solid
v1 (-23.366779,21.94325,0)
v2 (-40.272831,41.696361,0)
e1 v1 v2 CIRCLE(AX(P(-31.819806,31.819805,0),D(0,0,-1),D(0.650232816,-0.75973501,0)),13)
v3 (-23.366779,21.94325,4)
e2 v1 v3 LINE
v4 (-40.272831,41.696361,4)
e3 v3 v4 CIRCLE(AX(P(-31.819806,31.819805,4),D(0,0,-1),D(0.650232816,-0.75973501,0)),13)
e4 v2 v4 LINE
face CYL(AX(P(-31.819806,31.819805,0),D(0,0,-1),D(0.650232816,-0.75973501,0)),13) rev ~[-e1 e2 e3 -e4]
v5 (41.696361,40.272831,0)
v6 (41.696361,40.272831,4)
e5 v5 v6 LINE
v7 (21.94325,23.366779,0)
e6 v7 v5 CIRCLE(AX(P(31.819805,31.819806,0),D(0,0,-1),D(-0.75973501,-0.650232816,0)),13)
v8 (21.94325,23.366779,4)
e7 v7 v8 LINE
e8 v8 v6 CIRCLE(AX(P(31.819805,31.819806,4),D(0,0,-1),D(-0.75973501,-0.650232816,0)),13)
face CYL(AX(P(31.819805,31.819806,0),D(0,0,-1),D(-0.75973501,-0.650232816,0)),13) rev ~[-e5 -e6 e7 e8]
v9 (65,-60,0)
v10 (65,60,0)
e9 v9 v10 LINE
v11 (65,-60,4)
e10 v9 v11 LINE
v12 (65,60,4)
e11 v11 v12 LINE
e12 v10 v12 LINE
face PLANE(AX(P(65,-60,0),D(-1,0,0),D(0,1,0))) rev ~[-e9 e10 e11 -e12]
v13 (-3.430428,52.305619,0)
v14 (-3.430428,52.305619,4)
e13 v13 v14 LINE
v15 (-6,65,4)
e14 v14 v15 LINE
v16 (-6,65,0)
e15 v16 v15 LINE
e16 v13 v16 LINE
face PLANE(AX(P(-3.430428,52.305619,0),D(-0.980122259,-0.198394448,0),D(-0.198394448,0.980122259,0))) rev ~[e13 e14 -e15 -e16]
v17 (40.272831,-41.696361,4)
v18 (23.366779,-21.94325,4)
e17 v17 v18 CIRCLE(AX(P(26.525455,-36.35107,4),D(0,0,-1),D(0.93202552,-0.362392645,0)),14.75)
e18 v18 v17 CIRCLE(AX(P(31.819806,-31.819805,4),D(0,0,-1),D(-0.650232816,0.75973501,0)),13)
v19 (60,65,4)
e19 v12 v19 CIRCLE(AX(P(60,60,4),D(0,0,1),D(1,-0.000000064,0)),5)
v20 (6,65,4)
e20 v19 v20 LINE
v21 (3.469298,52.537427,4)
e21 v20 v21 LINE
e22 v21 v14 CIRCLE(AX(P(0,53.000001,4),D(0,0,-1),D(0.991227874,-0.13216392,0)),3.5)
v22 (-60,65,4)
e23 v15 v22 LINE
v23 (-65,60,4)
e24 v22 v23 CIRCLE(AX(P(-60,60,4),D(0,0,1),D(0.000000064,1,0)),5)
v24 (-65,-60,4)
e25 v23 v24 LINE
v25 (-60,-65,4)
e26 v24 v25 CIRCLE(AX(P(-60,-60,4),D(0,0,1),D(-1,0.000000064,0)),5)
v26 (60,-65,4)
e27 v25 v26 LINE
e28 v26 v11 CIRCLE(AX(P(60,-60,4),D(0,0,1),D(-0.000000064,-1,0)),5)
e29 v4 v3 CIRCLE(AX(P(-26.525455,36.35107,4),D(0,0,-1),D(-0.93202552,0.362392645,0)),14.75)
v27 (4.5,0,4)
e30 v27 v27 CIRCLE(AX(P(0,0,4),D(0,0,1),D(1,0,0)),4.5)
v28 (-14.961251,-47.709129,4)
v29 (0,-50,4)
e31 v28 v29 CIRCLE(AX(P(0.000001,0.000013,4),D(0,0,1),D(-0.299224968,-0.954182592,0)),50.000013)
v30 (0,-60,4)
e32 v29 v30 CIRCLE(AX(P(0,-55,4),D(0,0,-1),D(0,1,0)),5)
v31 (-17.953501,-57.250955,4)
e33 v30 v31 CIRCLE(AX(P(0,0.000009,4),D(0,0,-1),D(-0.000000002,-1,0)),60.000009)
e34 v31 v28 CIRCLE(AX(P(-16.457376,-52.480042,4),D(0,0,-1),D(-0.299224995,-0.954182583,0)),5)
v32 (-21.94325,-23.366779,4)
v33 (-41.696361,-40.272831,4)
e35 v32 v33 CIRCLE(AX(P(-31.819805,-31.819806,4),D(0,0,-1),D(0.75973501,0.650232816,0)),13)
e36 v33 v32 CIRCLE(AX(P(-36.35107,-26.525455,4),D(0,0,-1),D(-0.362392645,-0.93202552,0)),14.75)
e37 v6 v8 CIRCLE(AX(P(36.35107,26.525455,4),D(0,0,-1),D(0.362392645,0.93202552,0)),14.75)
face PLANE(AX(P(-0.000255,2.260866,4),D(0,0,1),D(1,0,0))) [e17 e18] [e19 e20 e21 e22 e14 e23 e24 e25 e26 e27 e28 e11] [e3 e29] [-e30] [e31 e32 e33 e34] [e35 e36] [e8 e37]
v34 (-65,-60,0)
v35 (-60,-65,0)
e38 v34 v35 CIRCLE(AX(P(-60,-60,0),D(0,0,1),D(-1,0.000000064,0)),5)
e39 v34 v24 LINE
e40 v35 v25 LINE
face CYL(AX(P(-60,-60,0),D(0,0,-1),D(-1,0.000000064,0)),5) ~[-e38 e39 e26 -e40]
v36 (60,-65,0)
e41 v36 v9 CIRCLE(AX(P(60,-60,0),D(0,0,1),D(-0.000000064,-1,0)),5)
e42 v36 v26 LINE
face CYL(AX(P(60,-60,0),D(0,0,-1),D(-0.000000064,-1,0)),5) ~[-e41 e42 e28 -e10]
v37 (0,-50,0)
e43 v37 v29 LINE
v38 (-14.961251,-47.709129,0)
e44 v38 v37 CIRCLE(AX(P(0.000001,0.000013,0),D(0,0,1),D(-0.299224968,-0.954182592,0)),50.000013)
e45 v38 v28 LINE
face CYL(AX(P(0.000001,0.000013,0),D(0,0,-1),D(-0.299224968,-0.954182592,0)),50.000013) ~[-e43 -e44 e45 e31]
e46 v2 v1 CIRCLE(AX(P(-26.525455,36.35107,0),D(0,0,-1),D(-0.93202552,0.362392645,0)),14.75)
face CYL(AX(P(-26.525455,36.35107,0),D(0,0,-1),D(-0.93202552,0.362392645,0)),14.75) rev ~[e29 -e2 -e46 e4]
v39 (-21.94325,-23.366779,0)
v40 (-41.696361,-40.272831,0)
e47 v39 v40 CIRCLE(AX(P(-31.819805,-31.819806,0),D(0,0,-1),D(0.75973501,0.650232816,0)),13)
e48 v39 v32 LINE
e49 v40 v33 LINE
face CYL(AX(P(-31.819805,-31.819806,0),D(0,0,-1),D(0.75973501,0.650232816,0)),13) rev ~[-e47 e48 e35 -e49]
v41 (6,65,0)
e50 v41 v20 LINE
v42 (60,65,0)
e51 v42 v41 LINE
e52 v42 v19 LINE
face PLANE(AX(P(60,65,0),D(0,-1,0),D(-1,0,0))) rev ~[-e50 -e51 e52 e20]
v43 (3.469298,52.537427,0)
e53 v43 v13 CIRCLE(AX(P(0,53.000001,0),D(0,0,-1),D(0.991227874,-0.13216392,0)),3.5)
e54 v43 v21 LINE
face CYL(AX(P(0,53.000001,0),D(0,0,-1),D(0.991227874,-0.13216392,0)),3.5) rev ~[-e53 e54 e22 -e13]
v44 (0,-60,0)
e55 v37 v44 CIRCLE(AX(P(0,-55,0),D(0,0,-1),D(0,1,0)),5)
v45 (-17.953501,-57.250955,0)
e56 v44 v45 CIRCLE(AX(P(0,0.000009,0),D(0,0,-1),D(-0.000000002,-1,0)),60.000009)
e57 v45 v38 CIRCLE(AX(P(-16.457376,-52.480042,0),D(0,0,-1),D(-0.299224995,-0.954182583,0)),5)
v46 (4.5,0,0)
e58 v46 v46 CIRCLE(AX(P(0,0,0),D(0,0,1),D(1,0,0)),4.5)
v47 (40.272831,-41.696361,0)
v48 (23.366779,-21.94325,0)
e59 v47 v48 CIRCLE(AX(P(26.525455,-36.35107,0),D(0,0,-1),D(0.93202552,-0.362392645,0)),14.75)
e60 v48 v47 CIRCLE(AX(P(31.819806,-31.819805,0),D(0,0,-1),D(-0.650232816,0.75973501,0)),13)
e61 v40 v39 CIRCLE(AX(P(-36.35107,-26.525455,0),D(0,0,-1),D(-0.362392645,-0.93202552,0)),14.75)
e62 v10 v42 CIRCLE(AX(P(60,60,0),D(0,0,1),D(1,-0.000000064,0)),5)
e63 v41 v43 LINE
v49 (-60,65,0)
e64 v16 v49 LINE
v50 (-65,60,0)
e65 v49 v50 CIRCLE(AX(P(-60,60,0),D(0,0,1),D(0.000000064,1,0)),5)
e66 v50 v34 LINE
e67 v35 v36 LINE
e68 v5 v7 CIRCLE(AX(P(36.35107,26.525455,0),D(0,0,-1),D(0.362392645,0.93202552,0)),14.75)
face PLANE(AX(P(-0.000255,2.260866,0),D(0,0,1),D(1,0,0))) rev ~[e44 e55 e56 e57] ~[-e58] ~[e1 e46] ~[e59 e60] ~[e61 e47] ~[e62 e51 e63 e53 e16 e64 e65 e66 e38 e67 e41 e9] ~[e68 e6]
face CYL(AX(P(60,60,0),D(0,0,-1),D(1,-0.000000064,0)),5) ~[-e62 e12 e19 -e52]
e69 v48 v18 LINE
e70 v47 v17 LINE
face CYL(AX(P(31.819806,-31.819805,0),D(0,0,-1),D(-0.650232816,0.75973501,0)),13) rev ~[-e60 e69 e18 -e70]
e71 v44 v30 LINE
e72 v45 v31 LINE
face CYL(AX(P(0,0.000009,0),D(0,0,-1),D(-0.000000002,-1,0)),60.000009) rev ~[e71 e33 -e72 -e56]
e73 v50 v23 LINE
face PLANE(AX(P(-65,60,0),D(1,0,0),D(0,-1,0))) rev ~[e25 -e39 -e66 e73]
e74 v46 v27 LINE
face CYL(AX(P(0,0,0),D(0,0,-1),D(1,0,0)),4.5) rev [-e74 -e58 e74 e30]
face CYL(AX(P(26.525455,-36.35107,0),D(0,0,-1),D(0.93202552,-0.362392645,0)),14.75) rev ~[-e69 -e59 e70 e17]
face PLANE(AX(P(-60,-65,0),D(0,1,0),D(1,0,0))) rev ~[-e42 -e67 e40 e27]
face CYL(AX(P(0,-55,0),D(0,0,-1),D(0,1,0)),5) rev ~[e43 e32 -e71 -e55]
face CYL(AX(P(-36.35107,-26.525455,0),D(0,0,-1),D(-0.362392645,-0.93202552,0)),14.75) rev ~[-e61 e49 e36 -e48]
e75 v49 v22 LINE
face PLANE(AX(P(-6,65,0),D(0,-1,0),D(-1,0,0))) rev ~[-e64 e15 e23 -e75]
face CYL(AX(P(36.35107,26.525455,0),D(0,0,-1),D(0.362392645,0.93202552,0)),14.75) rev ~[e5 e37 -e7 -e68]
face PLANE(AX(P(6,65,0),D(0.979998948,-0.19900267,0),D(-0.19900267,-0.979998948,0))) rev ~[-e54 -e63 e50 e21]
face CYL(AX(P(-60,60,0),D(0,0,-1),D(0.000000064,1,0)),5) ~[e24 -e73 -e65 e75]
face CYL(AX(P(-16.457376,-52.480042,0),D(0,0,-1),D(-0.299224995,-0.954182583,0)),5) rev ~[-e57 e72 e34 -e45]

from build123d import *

# Parameters (mm, degrees)
F0_R     = 4.5
F1_DEPTH = 4


with BuildPart() as f1:
    # F0 (on Top) → F1 (new body)
    with BuildSketch(Plane.XY):
        with BuildLine():
            Line((-6, 65), (-60, 65))
            ThreePointArc((-60, 65), (-63.535534, 63.535534), (-65, 60))
            Line((-65, 60), (-65, -60))
            ThreePointArc((-65, -60), (-63.535534, -63.535534), (-60, -65))
            Line((-60, -65), (60, -65))
            ThreePointArc((60, -65), (63.535534, -63.535534), (65, -60))
            Line((65, -60), (65, 60))
            ThreePointArc((65, 60), (63.535534, 63.535534), (60, 65))
            Line((60, 65), (6, 65))
            Line((6, 65), (3.469298, 52.537427))
            ThreePointArc((3.469298, 52.537427), (0.117522, 49.501974), (-3.430428, 52.305619))
            Line((-3.430428, 52.305619), (-6, 65))
        make_face()
        with BuildLine():
            ThreePointArc((0, -50), (5, -55), (0, -60))
            ThreePointArc((0, -60), (-9.081374, -59.308757), (-17.953501, -57.250955))
            ThreePointArc((-17.953501, -57.250955), (-21.228289, -50.983917), (-14.961251, -47.709129))
            ThreePointArc((-14.961251, -47.709129), (-7.567812, -49.423964), (0, -50))
        make_face(mode=Mode.SUBTRACT)
        with BuildLine():
            ThreePointArc((-21.94325, -23.366779), (-23.366779, -41.696361), (-41.696361, -40.272831))
            ThreePointArc((-41.696361, -40.272831), (-45.942003, -15.319363), (-21.94325, -23.366779))
        make_face(mode=Mode.SUBTRACT)
        with BuildLine():
            ThreePointArc((23.366779, -21.94325), (41.696361, -23.366779), (40.272831, -41.696361))
            ThreePointArc((40.272831, -41.696361), (15.319363, -45.942003), (23.366779, -21.94325))
        make_face(mode=Mode.SUBTRACT)
        with BuildLine():
            ThreePointArc((-23.366779, 21.94325), (-41.696361, 23.366779), (-40.272831, 41.696361))
            ThreePointArc((-40.272831, 41.696361), (-15.319363, 45.942003), (-23.366779, 21.94325))
        make_face(mode=Mode.SUBTRACT)
        Circle(F0_R, mode=Mode.SUBTRACT)
        with BuildLine():
            ThreePointArc((21.94325, 23.366779), (23.366779, 41.696361), (41.696361, 40.272831))
            ThreePointArc((41.696361, 40.272831), (45.942003, 15.319363), (21.94325, 23.366779))
        make_face(mode=Mode.SUBTRACT)
    extrude(amount=F1_DEPTH)


solid = f1.part
